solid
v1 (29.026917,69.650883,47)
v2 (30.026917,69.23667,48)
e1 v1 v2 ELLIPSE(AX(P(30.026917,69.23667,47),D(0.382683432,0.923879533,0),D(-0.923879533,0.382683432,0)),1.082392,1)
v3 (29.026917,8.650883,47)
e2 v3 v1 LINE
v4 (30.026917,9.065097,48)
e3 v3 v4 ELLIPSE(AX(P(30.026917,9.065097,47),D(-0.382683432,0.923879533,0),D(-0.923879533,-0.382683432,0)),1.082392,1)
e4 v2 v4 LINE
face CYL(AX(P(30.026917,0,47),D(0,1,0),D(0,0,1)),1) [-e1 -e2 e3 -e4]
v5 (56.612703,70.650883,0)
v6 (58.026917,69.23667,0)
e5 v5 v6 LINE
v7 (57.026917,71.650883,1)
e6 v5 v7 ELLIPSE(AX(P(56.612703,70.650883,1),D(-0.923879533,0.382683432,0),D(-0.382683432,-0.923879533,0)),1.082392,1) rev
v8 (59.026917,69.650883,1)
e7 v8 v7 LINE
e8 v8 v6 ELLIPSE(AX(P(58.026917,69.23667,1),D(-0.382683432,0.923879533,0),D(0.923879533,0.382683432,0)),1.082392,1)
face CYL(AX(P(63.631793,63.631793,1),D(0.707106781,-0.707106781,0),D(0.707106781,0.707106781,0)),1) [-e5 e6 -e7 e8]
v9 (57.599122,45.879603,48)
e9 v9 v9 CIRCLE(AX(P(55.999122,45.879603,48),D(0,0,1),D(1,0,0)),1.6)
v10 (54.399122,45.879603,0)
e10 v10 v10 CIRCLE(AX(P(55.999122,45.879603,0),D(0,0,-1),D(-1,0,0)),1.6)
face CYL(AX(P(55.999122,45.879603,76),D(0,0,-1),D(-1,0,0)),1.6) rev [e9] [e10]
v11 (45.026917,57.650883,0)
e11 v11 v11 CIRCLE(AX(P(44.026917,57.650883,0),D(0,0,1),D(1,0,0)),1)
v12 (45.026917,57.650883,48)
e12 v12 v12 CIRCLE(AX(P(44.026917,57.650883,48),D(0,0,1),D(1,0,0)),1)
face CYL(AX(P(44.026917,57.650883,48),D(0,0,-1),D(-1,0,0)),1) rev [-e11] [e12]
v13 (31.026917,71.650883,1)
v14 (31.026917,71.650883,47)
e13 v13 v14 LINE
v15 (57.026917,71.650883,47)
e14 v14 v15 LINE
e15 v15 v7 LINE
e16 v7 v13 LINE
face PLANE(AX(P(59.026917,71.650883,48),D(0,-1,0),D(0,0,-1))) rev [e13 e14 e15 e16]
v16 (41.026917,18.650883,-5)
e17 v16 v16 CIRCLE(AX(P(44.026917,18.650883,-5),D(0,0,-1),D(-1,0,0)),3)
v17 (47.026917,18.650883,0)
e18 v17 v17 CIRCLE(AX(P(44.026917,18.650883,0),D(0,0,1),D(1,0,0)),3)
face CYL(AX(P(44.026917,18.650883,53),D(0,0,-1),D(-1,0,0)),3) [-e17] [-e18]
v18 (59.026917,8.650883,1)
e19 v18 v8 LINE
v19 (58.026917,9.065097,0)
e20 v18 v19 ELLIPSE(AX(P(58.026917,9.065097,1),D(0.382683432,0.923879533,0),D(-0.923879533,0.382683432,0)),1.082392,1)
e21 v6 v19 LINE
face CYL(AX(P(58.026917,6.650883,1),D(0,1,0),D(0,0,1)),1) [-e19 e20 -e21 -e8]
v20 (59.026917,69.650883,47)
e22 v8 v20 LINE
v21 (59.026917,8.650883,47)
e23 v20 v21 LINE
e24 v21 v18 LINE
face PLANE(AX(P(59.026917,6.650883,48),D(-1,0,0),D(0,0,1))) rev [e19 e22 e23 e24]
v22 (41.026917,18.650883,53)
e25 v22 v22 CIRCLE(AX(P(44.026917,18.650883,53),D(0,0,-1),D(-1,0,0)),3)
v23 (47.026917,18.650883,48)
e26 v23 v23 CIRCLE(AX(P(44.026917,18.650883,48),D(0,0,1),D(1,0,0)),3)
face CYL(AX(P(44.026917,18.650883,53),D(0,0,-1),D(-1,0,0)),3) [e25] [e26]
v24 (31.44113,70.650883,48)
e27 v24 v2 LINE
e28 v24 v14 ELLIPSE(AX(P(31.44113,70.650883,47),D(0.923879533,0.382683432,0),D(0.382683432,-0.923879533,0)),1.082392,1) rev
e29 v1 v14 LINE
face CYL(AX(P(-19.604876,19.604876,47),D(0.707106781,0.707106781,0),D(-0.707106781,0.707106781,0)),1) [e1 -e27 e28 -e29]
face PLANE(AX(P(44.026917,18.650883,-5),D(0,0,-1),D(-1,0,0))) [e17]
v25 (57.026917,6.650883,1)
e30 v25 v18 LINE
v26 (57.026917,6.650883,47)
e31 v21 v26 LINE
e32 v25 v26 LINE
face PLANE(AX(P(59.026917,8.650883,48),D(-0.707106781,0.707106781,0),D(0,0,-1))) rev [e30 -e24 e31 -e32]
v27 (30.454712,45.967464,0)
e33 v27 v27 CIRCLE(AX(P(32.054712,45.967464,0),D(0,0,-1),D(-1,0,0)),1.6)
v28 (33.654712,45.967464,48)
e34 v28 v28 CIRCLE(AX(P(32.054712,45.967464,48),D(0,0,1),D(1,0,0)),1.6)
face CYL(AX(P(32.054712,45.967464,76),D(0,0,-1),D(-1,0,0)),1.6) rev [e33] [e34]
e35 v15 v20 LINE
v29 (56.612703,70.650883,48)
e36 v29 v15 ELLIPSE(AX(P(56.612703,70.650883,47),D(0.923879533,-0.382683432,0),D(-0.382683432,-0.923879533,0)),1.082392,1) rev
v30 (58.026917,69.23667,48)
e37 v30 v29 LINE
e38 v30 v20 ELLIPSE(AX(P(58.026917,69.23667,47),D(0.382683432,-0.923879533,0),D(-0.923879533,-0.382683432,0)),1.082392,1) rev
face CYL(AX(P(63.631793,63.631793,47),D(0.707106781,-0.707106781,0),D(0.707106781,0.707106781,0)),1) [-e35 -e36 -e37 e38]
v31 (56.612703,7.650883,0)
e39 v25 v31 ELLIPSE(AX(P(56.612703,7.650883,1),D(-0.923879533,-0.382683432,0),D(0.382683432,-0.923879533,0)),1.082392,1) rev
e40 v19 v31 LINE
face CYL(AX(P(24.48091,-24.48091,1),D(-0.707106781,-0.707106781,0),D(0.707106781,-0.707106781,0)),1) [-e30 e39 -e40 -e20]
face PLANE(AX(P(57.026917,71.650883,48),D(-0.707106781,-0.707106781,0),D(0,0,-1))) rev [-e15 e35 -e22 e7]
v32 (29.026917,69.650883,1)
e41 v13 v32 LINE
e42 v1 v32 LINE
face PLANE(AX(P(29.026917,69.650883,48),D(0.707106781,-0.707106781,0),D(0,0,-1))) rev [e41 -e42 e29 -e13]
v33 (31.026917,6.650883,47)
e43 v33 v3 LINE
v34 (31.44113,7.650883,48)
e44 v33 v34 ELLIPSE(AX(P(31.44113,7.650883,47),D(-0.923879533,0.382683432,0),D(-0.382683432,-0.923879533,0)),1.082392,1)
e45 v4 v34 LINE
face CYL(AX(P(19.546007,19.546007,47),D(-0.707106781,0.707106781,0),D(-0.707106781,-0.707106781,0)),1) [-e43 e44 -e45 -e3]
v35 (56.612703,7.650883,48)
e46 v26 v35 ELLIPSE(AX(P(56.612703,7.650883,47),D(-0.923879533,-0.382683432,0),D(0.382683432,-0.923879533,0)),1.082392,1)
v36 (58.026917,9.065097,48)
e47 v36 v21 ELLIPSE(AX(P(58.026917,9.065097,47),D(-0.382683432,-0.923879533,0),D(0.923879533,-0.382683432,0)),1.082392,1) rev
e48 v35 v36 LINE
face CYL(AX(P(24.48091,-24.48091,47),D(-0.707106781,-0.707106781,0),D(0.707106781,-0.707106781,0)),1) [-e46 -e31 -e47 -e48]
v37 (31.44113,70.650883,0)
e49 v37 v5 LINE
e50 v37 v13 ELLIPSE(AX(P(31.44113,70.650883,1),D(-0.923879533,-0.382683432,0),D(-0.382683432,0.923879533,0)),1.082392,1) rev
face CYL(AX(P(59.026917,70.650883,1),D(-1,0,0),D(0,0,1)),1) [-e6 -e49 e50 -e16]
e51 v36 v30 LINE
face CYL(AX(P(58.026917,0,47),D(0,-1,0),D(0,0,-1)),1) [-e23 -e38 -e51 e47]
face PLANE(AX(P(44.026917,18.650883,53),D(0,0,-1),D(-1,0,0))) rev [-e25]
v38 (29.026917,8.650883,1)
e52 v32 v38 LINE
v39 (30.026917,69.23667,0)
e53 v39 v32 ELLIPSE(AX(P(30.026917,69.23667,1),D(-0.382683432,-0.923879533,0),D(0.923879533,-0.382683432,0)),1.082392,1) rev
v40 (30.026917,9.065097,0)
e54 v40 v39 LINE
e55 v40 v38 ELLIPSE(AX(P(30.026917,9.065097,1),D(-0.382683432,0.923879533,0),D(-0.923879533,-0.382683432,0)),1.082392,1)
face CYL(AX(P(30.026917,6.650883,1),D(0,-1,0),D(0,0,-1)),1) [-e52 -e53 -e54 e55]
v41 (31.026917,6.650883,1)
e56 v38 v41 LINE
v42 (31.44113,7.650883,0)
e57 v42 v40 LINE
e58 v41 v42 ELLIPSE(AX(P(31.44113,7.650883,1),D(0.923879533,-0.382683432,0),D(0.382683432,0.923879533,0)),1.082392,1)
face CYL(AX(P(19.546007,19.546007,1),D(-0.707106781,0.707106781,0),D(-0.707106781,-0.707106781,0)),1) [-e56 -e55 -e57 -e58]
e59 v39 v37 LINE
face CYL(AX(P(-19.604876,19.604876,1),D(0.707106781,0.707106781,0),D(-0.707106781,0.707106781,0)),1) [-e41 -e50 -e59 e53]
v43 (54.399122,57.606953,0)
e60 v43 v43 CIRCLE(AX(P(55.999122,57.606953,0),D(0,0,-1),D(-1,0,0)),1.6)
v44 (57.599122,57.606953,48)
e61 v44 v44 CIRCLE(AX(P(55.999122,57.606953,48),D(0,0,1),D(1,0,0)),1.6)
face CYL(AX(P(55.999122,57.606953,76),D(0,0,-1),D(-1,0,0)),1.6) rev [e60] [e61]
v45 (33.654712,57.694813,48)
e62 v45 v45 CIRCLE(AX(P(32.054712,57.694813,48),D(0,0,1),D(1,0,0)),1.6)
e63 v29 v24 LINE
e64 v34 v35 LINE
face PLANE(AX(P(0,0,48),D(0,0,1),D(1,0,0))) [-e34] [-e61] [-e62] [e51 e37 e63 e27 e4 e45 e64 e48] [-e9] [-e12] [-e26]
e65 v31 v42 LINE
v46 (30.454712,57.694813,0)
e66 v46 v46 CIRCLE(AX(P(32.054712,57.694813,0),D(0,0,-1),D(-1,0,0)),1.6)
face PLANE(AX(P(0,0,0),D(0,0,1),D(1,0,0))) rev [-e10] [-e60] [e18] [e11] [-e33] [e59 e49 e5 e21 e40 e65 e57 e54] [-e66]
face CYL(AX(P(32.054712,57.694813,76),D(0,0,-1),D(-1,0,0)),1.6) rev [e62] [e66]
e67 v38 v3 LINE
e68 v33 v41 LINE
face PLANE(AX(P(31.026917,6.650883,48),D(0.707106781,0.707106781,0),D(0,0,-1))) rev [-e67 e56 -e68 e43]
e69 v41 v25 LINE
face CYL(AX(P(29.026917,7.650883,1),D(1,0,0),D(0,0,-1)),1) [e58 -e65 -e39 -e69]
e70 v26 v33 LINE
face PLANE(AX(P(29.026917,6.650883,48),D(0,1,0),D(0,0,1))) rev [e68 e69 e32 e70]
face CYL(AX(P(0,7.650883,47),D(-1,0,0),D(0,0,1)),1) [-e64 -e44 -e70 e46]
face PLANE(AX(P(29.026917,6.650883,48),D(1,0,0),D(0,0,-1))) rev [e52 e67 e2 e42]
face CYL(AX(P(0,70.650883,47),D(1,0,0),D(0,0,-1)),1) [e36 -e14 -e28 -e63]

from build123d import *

# Parameters (mm, degrees)
SKETCH_1_W           = 30
SKETCH_1_H           = 65
EXTRUDE_1_DEPTH      = 48
SKETCH_2_R           = 1
CUT_EXTRUDE_1_DEPTH  = 48
EXTRUDE_2_DEPTH      = 5
EXTRUDE_2_DEPTH_BACK = 53
SKETCH_3_R           = 3
CHAMFER_1_SIZE       = 2
FILLET_1_R           = 1
FILLET_2_R           = 1
SKETCH_6_R           = 1.6
SKETCH_6_R_2         = 1
CUT_EXTRUDE_3_DEPTH  = 76


with BuildPart() as part:
    # ｽｹｯﾁ1 → ﾎﾞｽ - 押し出し1 (new body)
    with BuildSketch(Plane.XY):
        with Locations((44.026916893, 39.150883092)):
            Rectangle(SKETCH_1_W, SKETCH_1_H)
    extrude(amount=EXTRUDE_1_DEPTH)

    # ｽｹｯﾁ2 → ｶｯﾄ - 押し出し1 (cut)
    with BuildSketch(Plane.XY):
        with Locations((56.026916893, 57.650883092)):
            Circle(SKETCH_2_R)
        with Locations((32.026916893, 57.650883092)):
            Circle(SKETCH_2_R)
        with Locations((44.026916893, 57.650883092)):
            Circle(SKETCH_2_R)
        with Locations((56.023819064, 45.923533591)):
            Circle(SKETCH_2_R)
        with Locations((32.030014722, 45.923533591)):
            Circle(SKETCH_2_R)
    extrude(amount=CUT_EXTRUDE_1_DEPTH, mode=Mode.SUBTRACT)

    # ｽｹｯﾁ3 → ﾎﾞｽ - 押し出し2 (add, two sides: drawn at the far end of the back side and taken through both)
    with BuildSketch(Plane(origin=(0, 0, 0), x_dir=(-1, 0, 0), z_dir=(0, 0, -1)).offset(-EXTRUDE_2_DEPTH_BACK)):
        with Locations((-44.026916893, 18.650883092)):
            Circle(SKETCH_3_R)
    extrude(amount=EXTRUDE_2_DEPTH + EXTRUDE_2_DEPTH_BACK)

    # 面取り1
    chamfer_1_edges = [part.edges().sort_by_distance(p)[0] for p in [
        (29.026916893, 6.650883092, 24),
        (59.026916893, 6.650883092, 24),
        (59.026916893, 71.650883092, 24),
        (29.026916893, 71.650883092, 24),
    ]]
    chamfer(chamfer_1_edges, length=CHAMFER_1_SIZE)

    # ﾌｨﾚｯﾄ1
    fillet_1_edges = [part.edges().sort_by_distance(p)[0] for p in [
        (30.026916893, 70.650883092, 48),
        (44.026916893, 71.650883092, 48),
        (58.026916893, 70.650883092, 48),
        (29.026916893, 39.150883092, 48),
        (30.026916893, 7.650883092, 48),
        (44.026916893, 6.650883092, 48),
        (58.026916893, 7.650883092, 48),
        (59.026916893, 39.150883092, 48),
    ]]
    fillet(fillet_1_edges, radius=FILLET_1_R)

    # ﾌｨﾚｯﾄ2
    fillet_2_edges = [part.edges().sort_by_distance(p)[0] for p in [
        (58.026916893, 70.650883092, 0),
        (30.026916893, 70.650883092, 0),
        (44.026916893, 71.650883092, 0),
        (29.026916893, 39.150883092, 0),
        (30.026916893, 7.650883092, 0),
        (44.026916893, 6.650883092, 0),
        (58.026916893, 7.650883092, 0),
        (59.026916893, 39.150883092, 0),
    ]]
    fillet(fillet_2_edges, radius=FILLET_2_R)

    # ｽｹｯﾁ6 → ｶｯﾄ - 押し出し3 (cut)
    # profile 1 of 4: a face of its own
    with BuildSketch(Plane(origin=(0, 0, 0), x_dir=(-1, 0, 0), z_dir=(0, 0, -1))):
        with Locations((-55.99912174, 45.879603206)):
            Circle(SKETCH_6_R)
        with Locations((-56.023819064, 45.923533591)):
            Circle(SKETCH_6_R_2, mode=Mode.SUBTRACT)
    # profile 2 of 4: a face of its own
    with BuildSketch(Plane(origin=(0, 0, 0), x_dir=(-1, 0, 0), z_dir=(0, 0, -1))):
        with Locations((-32.054712046, 45.967463976)):
            Circle(SKETCH_6_R)
    # profile 3 of 4: a face of its own
    with BuildSketch(Plane(origin=(0, 0, 0), x_dir=(-1, 0, 0), z_dir=(0, 0, -1))):
        with Locations((-55.99912174, 57.606952707)):
            Circle(SKETCH_6_R)
    # profile 4 of 4: a face of its own
    with BuildSketch(Plane(origin=(0, 0, 0), x_dir=(-1, 0, 0), z_dir=(0, 0, -1))):
        with Locations((-32.054712046, 57.694813478)):
            Circle(SKETCH_6_R)
    extrude(amount=-CUT_EXTRUDE_3_DEPTH, mode=Mode.SUBTRACT)


solid = part.part
